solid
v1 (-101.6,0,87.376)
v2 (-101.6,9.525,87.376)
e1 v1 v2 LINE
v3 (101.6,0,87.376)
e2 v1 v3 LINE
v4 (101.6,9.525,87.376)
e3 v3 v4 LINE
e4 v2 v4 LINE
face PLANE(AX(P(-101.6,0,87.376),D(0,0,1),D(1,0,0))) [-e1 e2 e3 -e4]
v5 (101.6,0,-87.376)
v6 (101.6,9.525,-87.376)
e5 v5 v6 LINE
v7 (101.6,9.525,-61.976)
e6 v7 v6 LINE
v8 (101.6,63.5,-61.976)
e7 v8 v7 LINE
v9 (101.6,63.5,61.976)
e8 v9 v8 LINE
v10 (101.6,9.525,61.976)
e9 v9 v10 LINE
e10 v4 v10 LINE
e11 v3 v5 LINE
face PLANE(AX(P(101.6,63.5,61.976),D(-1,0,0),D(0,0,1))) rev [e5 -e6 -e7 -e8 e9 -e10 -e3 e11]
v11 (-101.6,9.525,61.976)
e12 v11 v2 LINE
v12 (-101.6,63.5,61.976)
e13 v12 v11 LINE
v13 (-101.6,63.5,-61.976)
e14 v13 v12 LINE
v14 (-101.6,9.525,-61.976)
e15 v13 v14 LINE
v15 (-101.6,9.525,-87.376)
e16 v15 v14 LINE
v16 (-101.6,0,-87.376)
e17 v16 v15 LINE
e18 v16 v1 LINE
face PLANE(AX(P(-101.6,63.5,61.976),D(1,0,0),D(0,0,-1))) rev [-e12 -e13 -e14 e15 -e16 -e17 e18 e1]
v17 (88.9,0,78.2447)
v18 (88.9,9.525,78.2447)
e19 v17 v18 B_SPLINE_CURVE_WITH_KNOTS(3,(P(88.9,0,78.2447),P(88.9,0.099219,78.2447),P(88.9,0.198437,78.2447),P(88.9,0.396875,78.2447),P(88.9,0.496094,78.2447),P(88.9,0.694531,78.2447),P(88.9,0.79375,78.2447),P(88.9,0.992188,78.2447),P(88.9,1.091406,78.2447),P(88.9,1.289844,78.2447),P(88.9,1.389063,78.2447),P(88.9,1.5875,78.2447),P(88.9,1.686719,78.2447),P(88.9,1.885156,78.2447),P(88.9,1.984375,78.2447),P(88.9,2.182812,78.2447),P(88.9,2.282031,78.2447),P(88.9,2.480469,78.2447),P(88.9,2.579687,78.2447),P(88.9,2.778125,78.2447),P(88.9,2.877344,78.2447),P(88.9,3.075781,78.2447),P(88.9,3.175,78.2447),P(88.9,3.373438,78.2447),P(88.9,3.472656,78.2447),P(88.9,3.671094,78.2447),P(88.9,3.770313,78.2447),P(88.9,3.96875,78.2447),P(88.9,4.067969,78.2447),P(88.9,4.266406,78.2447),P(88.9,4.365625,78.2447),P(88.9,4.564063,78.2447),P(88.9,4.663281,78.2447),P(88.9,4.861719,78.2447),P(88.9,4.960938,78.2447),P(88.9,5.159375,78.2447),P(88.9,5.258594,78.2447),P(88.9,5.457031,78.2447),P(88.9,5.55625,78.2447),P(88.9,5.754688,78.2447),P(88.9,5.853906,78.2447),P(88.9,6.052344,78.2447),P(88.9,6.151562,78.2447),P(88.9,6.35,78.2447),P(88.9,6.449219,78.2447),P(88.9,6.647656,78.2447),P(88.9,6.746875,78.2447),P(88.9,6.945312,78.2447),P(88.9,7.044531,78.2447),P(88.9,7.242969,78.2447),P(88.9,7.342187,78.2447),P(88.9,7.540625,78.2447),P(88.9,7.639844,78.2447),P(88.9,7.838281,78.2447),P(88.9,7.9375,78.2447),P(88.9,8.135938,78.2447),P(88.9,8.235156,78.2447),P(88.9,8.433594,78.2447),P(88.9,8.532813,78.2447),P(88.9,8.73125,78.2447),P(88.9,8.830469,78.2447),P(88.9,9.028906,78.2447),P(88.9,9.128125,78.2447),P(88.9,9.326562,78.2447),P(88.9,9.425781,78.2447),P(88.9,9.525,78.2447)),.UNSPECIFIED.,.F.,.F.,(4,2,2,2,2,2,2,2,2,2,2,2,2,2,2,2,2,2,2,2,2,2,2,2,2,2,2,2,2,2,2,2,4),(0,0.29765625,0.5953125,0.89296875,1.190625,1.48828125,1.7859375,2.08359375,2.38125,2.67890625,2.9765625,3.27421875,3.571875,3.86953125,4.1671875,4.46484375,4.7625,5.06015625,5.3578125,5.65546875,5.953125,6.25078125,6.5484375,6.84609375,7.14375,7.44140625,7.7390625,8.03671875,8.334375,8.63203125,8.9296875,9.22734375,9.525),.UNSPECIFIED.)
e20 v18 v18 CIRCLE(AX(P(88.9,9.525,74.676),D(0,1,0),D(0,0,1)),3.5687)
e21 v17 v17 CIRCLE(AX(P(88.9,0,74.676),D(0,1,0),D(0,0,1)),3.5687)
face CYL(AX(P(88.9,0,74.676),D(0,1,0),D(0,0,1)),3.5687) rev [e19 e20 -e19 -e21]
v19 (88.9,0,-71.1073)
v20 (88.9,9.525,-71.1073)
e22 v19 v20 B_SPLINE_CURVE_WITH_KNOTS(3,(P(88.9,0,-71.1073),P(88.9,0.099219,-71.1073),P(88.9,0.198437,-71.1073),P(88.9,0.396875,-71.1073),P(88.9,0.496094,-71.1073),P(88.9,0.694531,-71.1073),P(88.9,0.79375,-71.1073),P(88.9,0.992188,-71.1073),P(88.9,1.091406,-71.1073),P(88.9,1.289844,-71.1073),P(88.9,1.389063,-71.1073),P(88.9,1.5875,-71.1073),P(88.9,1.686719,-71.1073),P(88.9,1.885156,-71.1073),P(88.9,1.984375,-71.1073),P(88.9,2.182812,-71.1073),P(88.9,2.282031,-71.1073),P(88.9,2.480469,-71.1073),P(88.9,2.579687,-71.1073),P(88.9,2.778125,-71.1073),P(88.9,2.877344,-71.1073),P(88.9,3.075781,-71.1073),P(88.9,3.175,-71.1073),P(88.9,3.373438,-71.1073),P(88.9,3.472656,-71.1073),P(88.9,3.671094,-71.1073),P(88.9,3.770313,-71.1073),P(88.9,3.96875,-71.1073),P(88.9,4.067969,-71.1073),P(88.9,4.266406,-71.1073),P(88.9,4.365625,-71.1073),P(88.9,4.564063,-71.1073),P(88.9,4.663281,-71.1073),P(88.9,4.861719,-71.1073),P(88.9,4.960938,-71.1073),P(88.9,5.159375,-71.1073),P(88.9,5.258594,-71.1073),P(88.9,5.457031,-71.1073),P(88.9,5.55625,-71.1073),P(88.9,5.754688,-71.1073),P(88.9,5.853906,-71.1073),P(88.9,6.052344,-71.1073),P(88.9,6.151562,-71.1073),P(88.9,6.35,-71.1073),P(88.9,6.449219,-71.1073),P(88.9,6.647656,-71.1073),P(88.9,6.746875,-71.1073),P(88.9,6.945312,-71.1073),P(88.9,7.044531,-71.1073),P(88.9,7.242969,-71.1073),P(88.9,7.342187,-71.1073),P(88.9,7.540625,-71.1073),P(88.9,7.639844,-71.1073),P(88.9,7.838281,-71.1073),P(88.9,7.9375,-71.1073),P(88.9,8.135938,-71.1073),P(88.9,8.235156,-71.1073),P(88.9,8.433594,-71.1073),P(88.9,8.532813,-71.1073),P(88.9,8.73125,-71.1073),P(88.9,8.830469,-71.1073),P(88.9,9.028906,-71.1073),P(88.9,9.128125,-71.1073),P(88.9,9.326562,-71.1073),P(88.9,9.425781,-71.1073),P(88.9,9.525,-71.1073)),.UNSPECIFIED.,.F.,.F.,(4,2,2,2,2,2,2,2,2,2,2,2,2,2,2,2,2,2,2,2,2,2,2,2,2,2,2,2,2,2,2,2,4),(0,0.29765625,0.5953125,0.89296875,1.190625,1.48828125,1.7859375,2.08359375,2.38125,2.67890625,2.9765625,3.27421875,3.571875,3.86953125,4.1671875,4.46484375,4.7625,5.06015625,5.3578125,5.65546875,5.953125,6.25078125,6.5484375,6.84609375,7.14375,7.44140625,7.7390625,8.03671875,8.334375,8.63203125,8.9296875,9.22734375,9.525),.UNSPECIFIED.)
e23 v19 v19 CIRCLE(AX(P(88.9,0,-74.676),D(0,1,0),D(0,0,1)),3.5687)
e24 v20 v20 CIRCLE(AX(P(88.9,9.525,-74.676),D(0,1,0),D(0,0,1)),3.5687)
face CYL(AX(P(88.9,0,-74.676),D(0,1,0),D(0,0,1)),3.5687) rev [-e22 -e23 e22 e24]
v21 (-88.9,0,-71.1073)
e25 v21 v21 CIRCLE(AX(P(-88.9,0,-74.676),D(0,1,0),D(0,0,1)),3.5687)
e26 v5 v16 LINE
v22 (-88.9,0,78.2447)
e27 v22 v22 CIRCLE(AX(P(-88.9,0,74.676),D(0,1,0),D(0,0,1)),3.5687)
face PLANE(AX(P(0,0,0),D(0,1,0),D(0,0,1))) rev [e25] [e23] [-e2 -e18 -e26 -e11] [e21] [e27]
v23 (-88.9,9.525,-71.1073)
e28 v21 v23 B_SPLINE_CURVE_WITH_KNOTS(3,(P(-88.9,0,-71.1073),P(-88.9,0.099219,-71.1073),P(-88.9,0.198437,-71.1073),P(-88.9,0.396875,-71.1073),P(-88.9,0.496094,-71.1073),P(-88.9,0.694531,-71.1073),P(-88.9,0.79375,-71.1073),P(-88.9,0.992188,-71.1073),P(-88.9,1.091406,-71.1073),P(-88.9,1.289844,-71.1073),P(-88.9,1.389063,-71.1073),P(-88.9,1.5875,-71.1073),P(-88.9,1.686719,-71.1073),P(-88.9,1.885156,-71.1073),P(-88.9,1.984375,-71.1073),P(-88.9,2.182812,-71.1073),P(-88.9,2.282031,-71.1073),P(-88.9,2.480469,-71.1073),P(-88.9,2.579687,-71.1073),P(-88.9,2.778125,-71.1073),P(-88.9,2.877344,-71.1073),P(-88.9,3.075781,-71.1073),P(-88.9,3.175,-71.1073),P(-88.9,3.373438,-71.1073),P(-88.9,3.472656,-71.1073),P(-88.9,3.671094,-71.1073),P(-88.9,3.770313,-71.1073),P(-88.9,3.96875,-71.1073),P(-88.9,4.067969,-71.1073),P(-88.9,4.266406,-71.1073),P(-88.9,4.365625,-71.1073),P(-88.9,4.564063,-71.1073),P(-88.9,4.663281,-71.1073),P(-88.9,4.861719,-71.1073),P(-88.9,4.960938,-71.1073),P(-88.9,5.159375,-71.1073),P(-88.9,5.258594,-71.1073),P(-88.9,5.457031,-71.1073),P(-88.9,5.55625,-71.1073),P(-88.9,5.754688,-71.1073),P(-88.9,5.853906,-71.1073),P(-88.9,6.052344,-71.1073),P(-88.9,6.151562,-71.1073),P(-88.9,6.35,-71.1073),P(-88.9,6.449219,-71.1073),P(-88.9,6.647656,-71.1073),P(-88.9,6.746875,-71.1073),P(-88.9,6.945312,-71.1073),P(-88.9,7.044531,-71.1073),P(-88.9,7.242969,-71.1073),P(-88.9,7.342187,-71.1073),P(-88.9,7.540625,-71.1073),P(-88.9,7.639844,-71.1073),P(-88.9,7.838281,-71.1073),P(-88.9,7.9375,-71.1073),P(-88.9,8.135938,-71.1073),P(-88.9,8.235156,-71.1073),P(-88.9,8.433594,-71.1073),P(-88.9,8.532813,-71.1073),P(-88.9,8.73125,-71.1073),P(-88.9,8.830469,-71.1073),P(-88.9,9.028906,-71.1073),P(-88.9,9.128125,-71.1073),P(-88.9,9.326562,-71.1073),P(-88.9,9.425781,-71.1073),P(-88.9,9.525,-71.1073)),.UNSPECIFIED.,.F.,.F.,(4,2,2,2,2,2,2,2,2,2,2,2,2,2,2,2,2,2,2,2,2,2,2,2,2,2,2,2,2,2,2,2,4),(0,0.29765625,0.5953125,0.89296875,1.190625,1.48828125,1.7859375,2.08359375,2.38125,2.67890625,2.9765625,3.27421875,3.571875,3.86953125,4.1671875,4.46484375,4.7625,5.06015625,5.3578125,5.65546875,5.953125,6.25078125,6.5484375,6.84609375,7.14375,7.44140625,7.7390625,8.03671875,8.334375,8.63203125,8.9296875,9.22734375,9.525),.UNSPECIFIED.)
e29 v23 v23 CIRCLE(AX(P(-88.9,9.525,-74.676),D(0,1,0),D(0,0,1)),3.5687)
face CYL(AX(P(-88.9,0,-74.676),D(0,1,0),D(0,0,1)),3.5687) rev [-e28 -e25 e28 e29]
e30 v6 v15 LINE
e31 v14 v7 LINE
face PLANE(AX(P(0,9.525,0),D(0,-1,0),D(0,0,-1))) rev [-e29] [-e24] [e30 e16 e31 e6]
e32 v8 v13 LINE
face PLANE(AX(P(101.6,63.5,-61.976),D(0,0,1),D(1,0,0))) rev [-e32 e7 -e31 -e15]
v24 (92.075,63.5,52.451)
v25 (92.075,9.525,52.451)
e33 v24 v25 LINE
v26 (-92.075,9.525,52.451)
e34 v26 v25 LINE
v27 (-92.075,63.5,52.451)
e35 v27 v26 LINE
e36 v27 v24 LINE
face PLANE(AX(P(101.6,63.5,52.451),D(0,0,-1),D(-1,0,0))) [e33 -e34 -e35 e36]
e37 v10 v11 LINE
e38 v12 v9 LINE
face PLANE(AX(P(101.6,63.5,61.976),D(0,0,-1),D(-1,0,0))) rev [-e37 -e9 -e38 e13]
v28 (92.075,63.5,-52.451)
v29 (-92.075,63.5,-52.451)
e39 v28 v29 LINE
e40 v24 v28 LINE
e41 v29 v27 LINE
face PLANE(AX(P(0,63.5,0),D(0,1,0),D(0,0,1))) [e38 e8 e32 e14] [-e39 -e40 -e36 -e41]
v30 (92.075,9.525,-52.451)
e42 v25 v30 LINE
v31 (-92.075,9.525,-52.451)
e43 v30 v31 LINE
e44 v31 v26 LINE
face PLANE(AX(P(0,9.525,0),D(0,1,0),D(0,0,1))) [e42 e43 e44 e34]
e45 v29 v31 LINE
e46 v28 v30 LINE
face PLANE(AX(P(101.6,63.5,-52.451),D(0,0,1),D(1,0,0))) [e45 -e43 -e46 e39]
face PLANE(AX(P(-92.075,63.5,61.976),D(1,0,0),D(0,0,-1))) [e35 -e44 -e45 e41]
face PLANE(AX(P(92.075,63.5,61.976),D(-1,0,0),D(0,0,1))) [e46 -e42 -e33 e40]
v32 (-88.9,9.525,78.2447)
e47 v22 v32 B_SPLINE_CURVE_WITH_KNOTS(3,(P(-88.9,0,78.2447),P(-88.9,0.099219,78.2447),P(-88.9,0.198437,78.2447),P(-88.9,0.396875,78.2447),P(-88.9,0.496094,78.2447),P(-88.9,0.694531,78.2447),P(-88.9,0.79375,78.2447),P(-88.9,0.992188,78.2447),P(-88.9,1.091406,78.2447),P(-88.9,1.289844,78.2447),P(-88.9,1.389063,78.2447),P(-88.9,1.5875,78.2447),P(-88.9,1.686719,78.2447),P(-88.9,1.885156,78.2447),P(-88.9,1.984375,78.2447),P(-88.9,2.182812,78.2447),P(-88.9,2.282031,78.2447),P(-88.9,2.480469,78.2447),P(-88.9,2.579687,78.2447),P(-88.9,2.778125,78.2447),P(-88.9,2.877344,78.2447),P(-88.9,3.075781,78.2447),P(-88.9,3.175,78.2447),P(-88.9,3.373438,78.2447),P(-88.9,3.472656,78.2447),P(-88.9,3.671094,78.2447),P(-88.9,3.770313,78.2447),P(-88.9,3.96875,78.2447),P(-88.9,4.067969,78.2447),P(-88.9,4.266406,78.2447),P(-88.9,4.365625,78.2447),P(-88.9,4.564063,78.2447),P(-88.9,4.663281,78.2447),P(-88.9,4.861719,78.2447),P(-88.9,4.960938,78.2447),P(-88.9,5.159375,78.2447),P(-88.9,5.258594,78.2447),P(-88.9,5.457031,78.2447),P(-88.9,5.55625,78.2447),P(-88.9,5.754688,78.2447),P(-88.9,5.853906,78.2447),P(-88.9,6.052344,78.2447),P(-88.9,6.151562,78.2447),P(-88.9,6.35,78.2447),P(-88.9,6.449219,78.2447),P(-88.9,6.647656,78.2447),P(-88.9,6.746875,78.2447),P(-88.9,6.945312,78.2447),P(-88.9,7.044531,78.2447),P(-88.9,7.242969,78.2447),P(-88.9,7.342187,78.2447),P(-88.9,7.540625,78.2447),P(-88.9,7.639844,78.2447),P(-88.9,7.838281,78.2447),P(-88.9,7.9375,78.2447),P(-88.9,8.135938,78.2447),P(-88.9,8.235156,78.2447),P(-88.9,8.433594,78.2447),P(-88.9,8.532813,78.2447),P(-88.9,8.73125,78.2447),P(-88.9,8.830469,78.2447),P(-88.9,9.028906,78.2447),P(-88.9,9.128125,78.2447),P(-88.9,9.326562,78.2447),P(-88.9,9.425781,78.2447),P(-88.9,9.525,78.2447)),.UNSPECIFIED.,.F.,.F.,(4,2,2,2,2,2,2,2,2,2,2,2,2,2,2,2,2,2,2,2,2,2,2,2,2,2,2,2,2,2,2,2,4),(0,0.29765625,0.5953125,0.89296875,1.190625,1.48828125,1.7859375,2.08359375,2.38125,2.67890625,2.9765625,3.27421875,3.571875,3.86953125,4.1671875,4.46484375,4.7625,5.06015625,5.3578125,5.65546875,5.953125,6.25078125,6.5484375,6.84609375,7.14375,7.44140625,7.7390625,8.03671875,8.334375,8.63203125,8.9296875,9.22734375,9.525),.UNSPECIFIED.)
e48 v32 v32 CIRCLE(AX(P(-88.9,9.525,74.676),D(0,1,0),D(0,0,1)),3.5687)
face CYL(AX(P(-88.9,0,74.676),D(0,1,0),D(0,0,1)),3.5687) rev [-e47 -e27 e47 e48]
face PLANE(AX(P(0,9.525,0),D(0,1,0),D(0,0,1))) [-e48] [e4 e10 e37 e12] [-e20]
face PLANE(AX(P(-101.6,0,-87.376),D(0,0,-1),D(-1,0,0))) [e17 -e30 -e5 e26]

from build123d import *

# Parameters (mm, degrees)
SKETCH2_W              = 203.2
SKETCH2_H              = 123.952
MAIN_BLOCK_DEPTH       = 63.5
SHELL_T                = -9.525
SKETCH6_W              = 203.2
SKETCH6_H              = 25.4
SKETCH6_R              = 3.5687
MOUNTING_FLANGES_DEPTH = 9.525


with BuildPart() as part:
    # Sketch2 → Main Block (new body)
    with BuildSketch(Plane(origin=(0, 0, 0), x_dir=(1, 0, 0), z_dir=(0, 1, 0))):
        Rectangle(SKETCH2_W, SKETCH2_H)
    extrude(amount=MAIN_BLOCK_DEPTH)

    # Shell
    shell_openings = [part.faces().sort_by_distance(p)[0] for p in [
        (0, 63.5, 0),
    ]]
    offset(amount=SHELL_T, openings=shell_openings, kind=Kind.INTERSECTION)

    # Sketch6 → Mounting Flanges (add)
    # profile 1 of 2: a face of its own
    with BuildSketch(Plane(origin=(0, 9.525, 0), x_dir=(1, 0, 0), z_dir=(0, 1, 0))):
        with Locations((0, 74.676)):
            Rectangle(SKETCH6_W, SKETCH6_H)
        with Locations(Location((-88.9, 74.676, 0), (0, 0, 270))):
            Circle(SKETCH6_R, mode=Mode.SUBTRACT)
        with Locations(Location((88.9, 74.676, 0), (0, 0, 270))):
            Circle(SKETCH6_R, mode=Mode.SUBTRACT)
    # profile 2 of 2: a face of its own
    with BuildSketch(Plane(origin=(0, 9.525, 0), x_dir=(1, 0, 0), z_dir=(0, 1, 0))):
        with Locations((0, -74.676)):
            Rectangle(SKETCH6_W, SKETCH6_H)
        with Locations(Location((88.9, -74.676, 0), (0, 0, 270))):
            Circle(SKETCH6_R, mode=Mode.SUBTRACT)
        with Locations(Location((-88.9, -74.676, 0), (0, 0, 270))):
            Circle(SKETCH6_R, mode=Mode.SUBTRACT)
    extrude(amount=-MOUNTING_FLANGES_DEPTH)


solid = part.part
